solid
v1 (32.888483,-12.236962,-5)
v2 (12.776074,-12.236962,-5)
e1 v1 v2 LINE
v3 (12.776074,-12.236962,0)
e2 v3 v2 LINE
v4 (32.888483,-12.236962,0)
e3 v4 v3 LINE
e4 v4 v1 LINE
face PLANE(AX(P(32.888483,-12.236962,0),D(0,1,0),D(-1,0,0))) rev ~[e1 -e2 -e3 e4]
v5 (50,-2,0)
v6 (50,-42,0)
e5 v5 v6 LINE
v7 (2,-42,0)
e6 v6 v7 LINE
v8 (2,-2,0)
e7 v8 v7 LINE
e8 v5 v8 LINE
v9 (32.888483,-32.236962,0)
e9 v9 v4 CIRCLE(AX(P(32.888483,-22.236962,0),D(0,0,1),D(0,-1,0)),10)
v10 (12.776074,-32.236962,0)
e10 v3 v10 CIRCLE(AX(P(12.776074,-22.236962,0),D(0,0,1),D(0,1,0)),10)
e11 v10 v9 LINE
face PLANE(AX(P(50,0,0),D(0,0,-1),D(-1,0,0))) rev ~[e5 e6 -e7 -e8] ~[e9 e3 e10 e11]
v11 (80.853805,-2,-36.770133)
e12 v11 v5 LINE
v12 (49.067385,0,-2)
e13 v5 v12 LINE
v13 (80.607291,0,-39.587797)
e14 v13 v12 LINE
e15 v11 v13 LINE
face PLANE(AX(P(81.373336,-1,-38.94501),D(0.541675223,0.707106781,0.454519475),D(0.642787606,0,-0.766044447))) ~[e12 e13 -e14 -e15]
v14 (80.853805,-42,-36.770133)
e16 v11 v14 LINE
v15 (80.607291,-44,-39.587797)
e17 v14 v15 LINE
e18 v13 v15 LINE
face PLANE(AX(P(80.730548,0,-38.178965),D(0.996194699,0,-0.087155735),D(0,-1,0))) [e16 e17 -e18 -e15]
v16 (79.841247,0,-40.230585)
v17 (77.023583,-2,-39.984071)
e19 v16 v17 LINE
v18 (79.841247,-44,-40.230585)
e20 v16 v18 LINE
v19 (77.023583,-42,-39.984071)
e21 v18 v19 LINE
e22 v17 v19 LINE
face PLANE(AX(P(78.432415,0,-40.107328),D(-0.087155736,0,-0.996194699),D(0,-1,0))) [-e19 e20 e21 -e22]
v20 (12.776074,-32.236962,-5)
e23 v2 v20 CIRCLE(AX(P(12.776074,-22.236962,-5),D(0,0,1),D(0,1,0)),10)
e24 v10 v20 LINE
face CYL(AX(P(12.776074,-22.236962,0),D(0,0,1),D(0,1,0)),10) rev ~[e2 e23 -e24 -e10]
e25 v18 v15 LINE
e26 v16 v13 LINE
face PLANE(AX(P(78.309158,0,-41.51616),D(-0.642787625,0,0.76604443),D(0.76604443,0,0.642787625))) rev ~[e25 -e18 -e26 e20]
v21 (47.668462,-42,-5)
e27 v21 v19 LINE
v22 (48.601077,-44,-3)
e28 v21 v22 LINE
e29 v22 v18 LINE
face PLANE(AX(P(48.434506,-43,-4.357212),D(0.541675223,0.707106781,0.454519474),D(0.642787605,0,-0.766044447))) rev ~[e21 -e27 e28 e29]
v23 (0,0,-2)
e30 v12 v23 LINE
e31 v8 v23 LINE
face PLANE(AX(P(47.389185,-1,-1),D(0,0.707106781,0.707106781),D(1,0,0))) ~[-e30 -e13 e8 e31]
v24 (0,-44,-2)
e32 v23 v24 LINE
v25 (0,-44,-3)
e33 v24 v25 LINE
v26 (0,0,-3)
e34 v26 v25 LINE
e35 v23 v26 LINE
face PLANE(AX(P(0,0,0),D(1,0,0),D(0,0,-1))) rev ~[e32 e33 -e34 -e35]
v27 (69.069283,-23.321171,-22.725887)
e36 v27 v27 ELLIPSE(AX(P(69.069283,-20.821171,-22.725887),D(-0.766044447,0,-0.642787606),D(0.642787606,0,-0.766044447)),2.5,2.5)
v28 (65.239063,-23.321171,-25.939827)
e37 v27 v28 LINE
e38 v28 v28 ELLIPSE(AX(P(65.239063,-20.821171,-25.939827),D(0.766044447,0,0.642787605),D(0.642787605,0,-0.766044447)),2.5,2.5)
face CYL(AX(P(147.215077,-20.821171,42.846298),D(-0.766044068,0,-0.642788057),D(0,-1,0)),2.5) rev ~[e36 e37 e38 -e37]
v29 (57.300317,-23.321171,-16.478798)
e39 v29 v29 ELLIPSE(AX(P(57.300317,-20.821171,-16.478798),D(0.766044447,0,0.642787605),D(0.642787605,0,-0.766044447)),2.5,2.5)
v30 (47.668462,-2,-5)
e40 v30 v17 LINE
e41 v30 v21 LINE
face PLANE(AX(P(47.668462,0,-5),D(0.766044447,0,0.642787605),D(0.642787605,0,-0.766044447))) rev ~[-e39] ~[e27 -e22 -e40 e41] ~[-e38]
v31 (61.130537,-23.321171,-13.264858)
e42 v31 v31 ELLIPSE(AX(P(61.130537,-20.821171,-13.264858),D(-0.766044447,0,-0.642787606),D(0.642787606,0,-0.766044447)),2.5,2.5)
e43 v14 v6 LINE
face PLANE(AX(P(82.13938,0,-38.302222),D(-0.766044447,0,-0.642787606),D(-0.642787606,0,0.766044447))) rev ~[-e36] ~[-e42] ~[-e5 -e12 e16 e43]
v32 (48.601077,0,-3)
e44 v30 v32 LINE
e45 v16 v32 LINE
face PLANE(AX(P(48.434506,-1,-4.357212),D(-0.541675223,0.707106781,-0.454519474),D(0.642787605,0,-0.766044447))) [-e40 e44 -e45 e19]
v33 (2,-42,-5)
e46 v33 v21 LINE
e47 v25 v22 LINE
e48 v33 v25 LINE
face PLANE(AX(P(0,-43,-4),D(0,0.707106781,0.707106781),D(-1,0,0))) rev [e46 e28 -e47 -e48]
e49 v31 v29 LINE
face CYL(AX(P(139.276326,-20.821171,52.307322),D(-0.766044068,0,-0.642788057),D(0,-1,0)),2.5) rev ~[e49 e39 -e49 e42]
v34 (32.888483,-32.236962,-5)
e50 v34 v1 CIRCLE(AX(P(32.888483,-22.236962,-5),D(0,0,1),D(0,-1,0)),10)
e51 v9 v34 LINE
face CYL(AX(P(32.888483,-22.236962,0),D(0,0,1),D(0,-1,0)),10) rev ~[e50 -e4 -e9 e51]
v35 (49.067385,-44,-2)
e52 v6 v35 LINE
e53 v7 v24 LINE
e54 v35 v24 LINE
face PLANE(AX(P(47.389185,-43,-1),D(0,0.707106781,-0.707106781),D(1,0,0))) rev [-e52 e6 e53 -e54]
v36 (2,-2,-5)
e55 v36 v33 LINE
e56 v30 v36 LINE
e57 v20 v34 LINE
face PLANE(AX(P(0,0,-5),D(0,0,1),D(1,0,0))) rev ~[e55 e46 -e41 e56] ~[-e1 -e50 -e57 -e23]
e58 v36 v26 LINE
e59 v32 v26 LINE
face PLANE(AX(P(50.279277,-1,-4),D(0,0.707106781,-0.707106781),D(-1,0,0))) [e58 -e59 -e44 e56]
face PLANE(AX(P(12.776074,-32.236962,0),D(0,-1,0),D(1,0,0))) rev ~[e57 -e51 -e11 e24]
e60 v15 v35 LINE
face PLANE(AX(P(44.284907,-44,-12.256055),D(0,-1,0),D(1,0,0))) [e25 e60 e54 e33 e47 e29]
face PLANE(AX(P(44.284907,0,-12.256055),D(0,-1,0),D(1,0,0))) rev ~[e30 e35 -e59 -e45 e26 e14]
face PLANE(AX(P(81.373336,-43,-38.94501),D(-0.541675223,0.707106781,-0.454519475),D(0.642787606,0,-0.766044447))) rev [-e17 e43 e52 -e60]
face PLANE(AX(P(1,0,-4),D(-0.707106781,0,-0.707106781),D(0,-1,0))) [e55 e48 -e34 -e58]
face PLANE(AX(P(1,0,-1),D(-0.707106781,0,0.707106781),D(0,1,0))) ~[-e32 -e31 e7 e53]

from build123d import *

# Parameters (mm, degrees)
F1_DEPTH = 44
F3_DEPTH = 25
F5_D     = 5
F6_SIZE  = 2
F7_SIZE  = 2


with BuildPart() as f1:
    # F0 (on Front) → F1 (new body)
    with BuildSketch(Plane.XZ):
        Polygon((50, 0), (0, 0), (0, -5), (47.668462, -5), (78.309158, -41.51616), (82.13938, -38.302222), align=None)
    extrude(amount=F1_DEPTH)

    # F2 (on face) → F3 (cut)
    with BuildSketch(Plane.XY):
        with BuildLine():
            ThreePointArc((12.776074, -12.236962), (2.776074, -22.236962), (12.776074, -32.236962))
            Line((12.776074, -32.236962), (32.888483, -32.236962))
            ThreePointArc((32.888483, -32.236962), (42.888483, -22.236962), (32.888483, -12.236962))
            Line((32.888483, -12.236962), (12.776074, -12.236962))
        make_face()
    extrude(amount=-F3_DEPTH, mode=Mode.SUBTRACT)

    # F5 (through all)
    with Locations(Plane(origin=(29.341204, 0, 24.620194), x_dir=(0, 1, 0), z_dir=(0.766044, 0, 0.642788))):
        with Locations((-20.821171, -49.455423), (-20.821171, -61.805919)):
            Hole(F5_D / 2)

    # F6
    f6_edges = [f1.edges().sort_by_distance(p)[0] for p in [
        (66.06969, -44, -19.151111),
        (62.98881, -44, -23.25808),
        (78.309158, -22, -41.51616),
        (82.13938, -22, -38.302222),
        (66.06969, 0, -19.151111),
        (62.98881, 0, -23.25808),
    ]]
    chamfer(f6_edges, length=F6_SIZE)

    # F7
    f7_edges = [f1.edges().sort_by_distance(p)[0] for p in [
        (23.694593, 0, 0),
        (23.834231, 0, -5),
        (0, -22, 0),
        (0, -22, -5),
        (23.694593, -44, 0),
        (23.834231, -44, -5),
    ]]
    chamfer(f7_edges, length=F7_SIZE)


solid = f1.part
